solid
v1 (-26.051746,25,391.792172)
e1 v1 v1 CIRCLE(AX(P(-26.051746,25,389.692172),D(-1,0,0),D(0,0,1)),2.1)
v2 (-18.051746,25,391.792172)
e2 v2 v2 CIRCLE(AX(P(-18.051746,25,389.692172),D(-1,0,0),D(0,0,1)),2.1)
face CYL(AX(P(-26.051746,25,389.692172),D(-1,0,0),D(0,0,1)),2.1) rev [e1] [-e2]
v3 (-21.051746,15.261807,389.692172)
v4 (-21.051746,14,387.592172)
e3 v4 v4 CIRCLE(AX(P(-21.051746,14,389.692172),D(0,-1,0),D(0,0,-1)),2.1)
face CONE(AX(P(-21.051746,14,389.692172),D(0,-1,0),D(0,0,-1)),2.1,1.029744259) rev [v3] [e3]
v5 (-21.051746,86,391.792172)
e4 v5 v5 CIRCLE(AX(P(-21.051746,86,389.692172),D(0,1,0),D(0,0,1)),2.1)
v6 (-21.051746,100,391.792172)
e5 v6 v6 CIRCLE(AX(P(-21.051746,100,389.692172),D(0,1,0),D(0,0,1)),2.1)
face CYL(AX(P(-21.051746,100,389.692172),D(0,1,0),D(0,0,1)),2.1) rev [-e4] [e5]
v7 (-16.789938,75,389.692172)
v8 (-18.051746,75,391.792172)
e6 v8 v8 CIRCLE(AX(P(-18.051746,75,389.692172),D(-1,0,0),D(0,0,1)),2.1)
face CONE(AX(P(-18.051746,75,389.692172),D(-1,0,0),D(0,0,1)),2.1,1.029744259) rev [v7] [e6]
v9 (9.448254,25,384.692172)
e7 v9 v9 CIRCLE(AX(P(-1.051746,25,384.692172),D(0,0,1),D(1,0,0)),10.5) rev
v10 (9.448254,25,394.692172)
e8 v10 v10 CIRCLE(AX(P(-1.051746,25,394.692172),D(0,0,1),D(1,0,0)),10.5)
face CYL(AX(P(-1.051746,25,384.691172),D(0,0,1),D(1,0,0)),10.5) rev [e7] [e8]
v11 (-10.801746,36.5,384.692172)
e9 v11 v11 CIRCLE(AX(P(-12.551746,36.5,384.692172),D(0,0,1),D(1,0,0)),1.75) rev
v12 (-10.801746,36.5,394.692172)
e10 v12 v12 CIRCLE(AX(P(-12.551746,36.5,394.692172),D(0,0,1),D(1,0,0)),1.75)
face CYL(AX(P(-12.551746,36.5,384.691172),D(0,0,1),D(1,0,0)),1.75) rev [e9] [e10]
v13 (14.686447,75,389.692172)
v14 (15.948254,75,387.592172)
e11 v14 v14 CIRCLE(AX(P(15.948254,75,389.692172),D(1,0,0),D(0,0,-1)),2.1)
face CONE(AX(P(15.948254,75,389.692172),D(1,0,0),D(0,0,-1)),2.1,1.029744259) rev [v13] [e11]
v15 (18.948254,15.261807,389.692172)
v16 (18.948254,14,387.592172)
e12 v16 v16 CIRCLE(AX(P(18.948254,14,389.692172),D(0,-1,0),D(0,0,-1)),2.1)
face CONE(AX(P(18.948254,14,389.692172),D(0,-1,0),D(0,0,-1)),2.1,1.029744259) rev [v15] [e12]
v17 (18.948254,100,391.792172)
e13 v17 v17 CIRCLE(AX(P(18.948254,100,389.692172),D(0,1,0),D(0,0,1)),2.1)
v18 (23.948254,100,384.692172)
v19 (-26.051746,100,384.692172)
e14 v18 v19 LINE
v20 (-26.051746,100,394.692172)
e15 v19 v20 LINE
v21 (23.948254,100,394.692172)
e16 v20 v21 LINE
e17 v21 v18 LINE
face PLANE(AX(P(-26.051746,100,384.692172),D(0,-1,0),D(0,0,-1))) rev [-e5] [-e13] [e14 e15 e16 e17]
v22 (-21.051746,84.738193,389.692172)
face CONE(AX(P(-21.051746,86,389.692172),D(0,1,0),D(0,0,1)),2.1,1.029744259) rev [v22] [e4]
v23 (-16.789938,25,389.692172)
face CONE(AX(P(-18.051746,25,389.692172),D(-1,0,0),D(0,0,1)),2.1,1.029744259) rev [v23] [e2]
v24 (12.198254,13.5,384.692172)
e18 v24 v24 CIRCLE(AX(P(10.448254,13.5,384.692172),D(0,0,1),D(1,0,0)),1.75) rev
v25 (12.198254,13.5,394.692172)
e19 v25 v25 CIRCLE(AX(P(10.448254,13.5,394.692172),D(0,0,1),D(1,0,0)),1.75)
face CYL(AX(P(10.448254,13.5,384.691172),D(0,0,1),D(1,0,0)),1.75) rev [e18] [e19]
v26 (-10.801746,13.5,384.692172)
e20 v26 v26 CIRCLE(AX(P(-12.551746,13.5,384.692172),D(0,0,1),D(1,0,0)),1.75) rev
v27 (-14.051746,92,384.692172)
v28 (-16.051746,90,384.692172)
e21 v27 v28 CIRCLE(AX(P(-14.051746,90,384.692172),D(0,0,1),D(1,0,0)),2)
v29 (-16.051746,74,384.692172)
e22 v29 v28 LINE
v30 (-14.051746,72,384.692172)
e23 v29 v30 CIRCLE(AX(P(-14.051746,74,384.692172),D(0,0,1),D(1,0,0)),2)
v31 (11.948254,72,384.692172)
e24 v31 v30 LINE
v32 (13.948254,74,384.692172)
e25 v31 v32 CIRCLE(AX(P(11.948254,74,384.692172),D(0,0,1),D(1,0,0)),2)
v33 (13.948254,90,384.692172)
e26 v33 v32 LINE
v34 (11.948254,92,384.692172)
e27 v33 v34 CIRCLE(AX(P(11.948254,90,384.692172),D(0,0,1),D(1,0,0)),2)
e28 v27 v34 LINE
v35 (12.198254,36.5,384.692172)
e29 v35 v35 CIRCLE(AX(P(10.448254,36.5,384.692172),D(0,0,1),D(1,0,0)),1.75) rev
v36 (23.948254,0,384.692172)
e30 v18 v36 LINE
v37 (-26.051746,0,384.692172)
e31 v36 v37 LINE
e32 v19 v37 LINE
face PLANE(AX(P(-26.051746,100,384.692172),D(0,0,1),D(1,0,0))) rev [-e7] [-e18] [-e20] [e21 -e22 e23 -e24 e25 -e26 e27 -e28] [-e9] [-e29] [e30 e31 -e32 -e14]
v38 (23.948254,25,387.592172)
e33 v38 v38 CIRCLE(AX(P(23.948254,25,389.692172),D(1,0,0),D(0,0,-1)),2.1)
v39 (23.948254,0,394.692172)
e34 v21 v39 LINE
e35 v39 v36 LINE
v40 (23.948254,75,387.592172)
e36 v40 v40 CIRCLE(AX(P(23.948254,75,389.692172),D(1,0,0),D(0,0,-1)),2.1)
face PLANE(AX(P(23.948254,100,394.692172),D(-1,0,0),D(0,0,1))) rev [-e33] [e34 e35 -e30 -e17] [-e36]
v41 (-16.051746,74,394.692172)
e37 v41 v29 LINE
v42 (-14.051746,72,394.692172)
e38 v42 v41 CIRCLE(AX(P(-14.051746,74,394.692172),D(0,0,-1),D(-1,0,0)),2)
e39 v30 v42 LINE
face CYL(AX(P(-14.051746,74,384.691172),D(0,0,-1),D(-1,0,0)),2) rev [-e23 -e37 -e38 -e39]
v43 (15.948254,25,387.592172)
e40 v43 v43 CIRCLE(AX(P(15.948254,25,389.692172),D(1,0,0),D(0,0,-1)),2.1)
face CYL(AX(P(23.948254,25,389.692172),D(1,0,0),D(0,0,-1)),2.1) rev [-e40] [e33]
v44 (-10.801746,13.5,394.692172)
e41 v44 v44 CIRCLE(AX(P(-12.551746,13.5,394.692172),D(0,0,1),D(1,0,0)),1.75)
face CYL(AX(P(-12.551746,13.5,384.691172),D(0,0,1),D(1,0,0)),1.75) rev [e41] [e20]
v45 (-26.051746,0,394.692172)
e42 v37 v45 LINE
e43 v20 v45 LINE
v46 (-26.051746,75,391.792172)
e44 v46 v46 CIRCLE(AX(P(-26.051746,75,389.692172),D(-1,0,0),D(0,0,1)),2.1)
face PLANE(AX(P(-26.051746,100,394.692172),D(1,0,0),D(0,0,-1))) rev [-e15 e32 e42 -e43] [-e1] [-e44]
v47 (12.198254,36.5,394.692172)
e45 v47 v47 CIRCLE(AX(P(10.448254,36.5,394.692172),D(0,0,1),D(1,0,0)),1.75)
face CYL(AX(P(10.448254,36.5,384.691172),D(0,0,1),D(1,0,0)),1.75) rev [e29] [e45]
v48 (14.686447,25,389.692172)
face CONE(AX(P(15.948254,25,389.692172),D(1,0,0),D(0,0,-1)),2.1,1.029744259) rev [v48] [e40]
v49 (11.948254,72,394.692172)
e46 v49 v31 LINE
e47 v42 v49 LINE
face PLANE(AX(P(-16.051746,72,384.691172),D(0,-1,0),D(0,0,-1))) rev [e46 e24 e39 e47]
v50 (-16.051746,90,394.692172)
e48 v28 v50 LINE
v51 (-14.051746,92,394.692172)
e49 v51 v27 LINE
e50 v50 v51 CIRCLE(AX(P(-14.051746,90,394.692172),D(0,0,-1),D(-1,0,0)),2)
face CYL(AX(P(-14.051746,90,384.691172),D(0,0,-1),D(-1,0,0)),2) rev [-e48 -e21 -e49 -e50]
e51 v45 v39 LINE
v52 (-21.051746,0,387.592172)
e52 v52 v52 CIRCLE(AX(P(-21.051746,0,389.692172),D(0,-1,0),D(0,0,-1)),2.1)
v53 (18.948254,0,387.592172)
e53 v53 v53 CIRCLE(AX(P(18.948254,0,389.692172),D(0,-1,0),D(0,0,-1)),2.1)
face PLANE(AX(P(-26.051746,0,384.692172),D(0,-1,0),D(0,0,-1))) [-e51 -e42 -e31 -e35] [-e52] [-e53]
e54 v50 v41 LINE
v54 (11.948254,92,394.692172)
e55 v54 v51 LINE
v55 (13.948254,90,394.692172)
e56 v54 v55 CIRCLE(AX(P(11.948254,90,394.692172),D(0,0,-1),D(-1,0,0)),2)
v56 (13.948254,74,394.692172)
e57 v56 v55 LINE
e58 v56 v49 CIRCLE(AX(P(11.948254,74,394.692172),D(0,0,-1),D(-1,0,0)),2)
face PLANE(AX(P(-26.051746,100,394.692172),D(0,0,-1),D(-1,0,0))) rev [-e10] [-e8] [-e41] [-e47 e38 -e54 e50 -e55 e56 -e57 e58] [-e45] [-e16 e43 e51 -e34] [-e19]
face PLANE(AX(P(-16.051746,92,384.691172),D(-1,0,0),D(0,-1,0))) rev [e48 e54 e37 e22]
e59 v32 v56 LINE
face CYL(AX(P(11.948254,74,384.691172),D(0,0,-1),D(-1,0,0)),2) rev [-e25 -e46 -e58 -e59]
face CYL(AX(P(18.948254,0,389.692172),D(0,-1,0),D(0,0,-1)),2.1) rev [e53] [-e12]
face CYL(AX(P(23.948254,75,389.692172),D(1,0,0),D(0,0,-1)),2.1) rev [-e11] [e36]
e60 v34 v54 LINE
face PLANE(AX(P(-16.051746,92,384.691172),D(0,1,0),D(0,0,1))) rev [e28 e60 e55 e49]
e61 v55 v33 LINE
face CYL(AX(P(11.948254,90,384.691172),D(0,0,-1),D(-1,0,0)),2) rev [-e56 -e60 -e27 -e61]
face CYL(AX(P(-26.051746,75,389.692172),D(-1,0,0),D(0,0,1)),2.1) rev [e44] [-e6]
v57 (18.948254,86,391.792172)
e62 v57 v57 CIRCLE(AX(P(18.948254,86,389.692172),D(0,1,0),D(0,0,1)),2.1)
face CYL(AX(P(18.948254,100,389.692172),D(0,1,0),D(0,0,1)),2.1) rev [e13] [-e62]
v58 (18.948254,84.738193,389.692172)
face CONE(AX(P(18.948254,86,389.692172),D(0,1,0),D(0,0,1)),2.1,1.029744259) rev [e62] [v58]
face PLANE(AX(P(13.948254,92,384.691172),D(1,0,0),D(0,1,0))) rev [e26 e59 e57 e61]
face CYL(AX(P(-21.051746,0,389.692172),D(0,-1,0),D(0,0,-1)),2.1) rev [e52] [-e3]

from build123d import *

# Parameters (mm, degrees)
SKETCH1_W                 = 50
SKETCH1_H                 = 10
BOSS_EXTRUDE1_DEPTH       = 100
M5X0_8_TAPPED_HOLE1_D     = 4.2
M5X0_8_TAPPED_HOLE1_DEPTH = 14
M5X0_8_TAPPED_HOLE1_TIP   = 1.2618073
M5X0_8_TAPPED_HOLE2_D     = 4.2
M5X0_8_TAPPED_HOLE2_DEPTH = 14
M5X0_8_TAPPED_HOLE2_TIP   = 1.2618073
M5X0_8_TAPPED_HOLE3_D     = 4.2
M5X0_8_TAPPED_HOLE3_DEPTH = 8
M5X0_8_TAPPED_HOLE3_TIP   = 1.2618073
M5X0_8_TAPPED_HOLE4_D     = 4.2
M5X0_8_TAPPED_HOLE4_DEPTH = 8
M5X0_8_TAPPED_HOLE4_TIP   = 1.2618073
CUT_EXTRUDE2_REACH        = 12
SKETCH11_R                = 10.5
SKETCH11_R_2              = 1.75
SKETCH11_W                = 30
SKETCH11_H                = 20
FILLET2_R                 = 2


with BuildPart() as part:
    # Sketch1 → Boss-Extrude1 (new body)
    with BuildSketch(Plane(origin=(0, 0, 0), x_dir=(1, 0, 0), z_dir=(0, 1, 0))):
        with Locations((-1.051745534, -389.692172039)):
            Rectangle(SKETCH1_W, SKETCH1_H)
    extrude(amount=BOSS_EXTRUDE1_DEPTH)

    # M5x0.8 Tapped Hole1
    with Locations(Plane.XZ):
        with Locations((18.948254466, 389.692172039), (-21.051745534, 389.692172039)):
            Hole(M5X0_8_TAPPED_HOLE1_D / 2, depth=M5X0_8_TAPPED_HOLE1_DEPTH)
            with Locations((0, 0, -(M5X0_8_TAPPED_HOLE1_DEPTH + M5X0_8_TAPPED_HOLE1_TIP / 2))):  # 118° drill point
                Cone(0, M5X0_8_TAPPED_HOLE1_D / 2, M5X0_8_TAPPED_HOLE1_TIP, mode=Mode.SUBTRACT)

    # M5x0.8 Tapped Hole2
    with Locations(Plane(origin=(0, 100, 0), x_dir=(-1, 0, 0), z_dir=(0, 1, 0))):
        with Locations((21.051745534, 389.692172039), (-18.948254466, 389.692172039)):
            Hole(M5X0_8_TAPPED_HOLE2_D / 2, depth=M5X0_8_TAPPED_HOLE2_DEPTH)
            with Locations((0, 0, -(M5X0_8_TAPPED_HOLE2_DEPTH + M5X0_8_TAPPED_HOLE2_TIP / 2))):  # 118° drill point
                Cone(0, M5X0_8_TAPPED_HOLE2_D / 2, M5X0_8_TAPPED_HOLE2_TIP, mode=Mode.SUBTRACT)

    # M5x0.8 Tapped Hole3
    with Locations(Plane.ZY.offset(26.051745534)):
        with Locations((389.692172039, 75), (389.692172039, 25)):
            Hole(M5X0_8_TAPPED_HOLE3_D / 2, depth=M5X0_8_TAPPED_HOLE3_DEPTH)
            with Locations((0, 0, -(M5X0_8_TAPPED_HOLE3_DEPTH + M5X0_8_TAPPED_HOLE3_TIP / 2))):  # 118° drill point
                Cone(0, M5X0_8_TAPPED_HOLE3_D / 2, M5X0_8_TAPPED_HOLE3_TIP, mode=Mode.SUBTRACT)

    # M5x0.8 Tapped Hole4
    with Locations(Plane(origin=(23.948254466, 0, 0), x_dir=(0, 0, -1), z_dir=(1, 0, 0))):
        with Locations((-389.692172039, 75), (-389.692172039, 25)):
            Hole(M5X0_8_TAPPED_HOLE4_D / 2, depth=M5X0_8_TAPPED_HOLE4_DEPTH)
            with Locations((0, 0, -(M5X0_8_TAPPED_HOLE4_DEPTH + M5X0_8_TAPPED_HOLE4_TIP / 2))):  # 118° drill point
                Cone(0, M5X0_8_TAPPED_HOLE4_D / 2, M5X0_8_TAPPED_HOLE4_TIP, mode=Mode.SUBTRACT)

    # Sketch11 → Cut-Extrude2 (cut, up to next)
    with BuildSketch(Plane.XY.offset(394.692172039), mode=Mode.PRIVATE) as cut_extrude2_sk1:
        with Locations((-1.051745534, 25)):
            Circle(SKETCH11_R)
    cut_extrude2_tool1 = extrude(cut_extrude2_sk1.sketch, amount=-CUT_EXTRUDE2_REACH, mode=Mode.PRIVATE) & part.part
    add(cut_extrude2_tool1.solids().sort_by_distance((-1.051746, 25, 394.692172))[0], mode=Mode.SUBTRACT)
    # Sketch11 → Cut-Extrude2 (cut, up to next)
    with BuildSketch(Plane.XY.offset(394.692172039), mode=Mode.PRIVATE) as cut_extrude2_sk2:
        with Locations((-12.551745534, 36.5)):
            Circle(SKETCH11_R_2)
    cut_extrude2_tool2 = extrude(cut_extrude2_sk2.sketch, amount=-CUT_EXTRUDE2_REACH, mode=Mode.PRIVATE) & part.part
    add(cut_extrude2_tool2.solids().sort_by_distance((-12.551746, 36.5, 394.692172))[0], mode=Mode.SUBTRACT)
    # Sketch11 → Cut-Extrude2 (cut, up to next)
    with BuildSketch(Plane.XY.offset(394.692172039), mode=Mode.PRIVATE) as cut_extrude2_sk3:
        with Locations((10.448254466, 36.5)):
            Circle(SKETCH11_R_2)
    cut_extrude2_tool3 = extrude(cut_extrude2_sk3.sketch, amount=-CUT_EXTRUDE2_REACH, mode=Mode.PRIVATE) & part.part
    add(cut_extrude2_tool3.solids().sort_by_distance((10.448254, 36.5, 394.692172))[0], mode=Mode.SUBTRACT)
    # Sketch11 → Cut-Extrude2 (cut, up to next)
    with BuildSketch(Plane.XY.offset(394.692172039), mode=Mode.PRIVATE) as cut_extrude2_sk4:
        with Locations((10.448254466, 13.5)):
            Circle(SKETCH11_R_2)
    cut_extrude2_tool4 = extrude(cut_extrude2_sk4.sketch, amount=-CUT_EXTRUDE2_REACH, mode=Mode.PRIVATE) & part.part
    add(cut_extrude2_tool4.solids().sort_by_distance((10.448254, 13.5, 394.692172))[0], mode=Mode.SUBTRACT)
    # Sketch11 → Cut-Extrude2 (cut, up to next)
    with BuildSketch(Plane.XY.offset(394.692172039), mode=Mode.PRIVATE) as cut_extrude2_sk5:
        with Locations((-12.551745534, 13.5)):
            Circle(SKETCH11_R_2)
    cut_extrude2_tool5 = extrude(cut_extrude2_sk5.sketch, amount=-CUT_EXTRUDE2_REACH, mode=Mode.PRIVATE) & part.part
    add(cut_extrude2_tool5.solids().sort_by_distance((-12.551746, 13.5, 394.692172))[0], mode=Mode.SUBTRACT)
    # Sketch11 → Cut-Extrude2 (cut, up to next)
    with BuildSketch(Plane.XY.offset(394.692172039), mode=Mode.PRIVATE) as cut_extrude2_sk6:
        with Locations((-1.051745534, 82)):
            Rectangle(SKETCH11_W, SKETCH11_H)
    cut_extrude2_tool6 = extrude(cut_extrude2_sk6.sketch, amount=-CUT_EXTRUDE2_REACH, mode=Mode.PRIVATE) & part.part
    add(cut_extrude2_tool6.solids().sort_by_distance((-1.051746, 82, 394.692172))[0], mode=Mode.SUBTRACT)

    # Fillet2
    fillet2_edges = [part.edges().sort_by_distance(p)[0] for p in [
        (-16.051745534, 72, 389.692172039),
        (-16.051745534, 92, 389.692172039),
        (13.948254466, 92, 389.692172039),
        (13.948254466, 72, 389.692172039),
    ]]
    fillet(fillet2_edges, radius=FILLET2_R)


solid = part.part
